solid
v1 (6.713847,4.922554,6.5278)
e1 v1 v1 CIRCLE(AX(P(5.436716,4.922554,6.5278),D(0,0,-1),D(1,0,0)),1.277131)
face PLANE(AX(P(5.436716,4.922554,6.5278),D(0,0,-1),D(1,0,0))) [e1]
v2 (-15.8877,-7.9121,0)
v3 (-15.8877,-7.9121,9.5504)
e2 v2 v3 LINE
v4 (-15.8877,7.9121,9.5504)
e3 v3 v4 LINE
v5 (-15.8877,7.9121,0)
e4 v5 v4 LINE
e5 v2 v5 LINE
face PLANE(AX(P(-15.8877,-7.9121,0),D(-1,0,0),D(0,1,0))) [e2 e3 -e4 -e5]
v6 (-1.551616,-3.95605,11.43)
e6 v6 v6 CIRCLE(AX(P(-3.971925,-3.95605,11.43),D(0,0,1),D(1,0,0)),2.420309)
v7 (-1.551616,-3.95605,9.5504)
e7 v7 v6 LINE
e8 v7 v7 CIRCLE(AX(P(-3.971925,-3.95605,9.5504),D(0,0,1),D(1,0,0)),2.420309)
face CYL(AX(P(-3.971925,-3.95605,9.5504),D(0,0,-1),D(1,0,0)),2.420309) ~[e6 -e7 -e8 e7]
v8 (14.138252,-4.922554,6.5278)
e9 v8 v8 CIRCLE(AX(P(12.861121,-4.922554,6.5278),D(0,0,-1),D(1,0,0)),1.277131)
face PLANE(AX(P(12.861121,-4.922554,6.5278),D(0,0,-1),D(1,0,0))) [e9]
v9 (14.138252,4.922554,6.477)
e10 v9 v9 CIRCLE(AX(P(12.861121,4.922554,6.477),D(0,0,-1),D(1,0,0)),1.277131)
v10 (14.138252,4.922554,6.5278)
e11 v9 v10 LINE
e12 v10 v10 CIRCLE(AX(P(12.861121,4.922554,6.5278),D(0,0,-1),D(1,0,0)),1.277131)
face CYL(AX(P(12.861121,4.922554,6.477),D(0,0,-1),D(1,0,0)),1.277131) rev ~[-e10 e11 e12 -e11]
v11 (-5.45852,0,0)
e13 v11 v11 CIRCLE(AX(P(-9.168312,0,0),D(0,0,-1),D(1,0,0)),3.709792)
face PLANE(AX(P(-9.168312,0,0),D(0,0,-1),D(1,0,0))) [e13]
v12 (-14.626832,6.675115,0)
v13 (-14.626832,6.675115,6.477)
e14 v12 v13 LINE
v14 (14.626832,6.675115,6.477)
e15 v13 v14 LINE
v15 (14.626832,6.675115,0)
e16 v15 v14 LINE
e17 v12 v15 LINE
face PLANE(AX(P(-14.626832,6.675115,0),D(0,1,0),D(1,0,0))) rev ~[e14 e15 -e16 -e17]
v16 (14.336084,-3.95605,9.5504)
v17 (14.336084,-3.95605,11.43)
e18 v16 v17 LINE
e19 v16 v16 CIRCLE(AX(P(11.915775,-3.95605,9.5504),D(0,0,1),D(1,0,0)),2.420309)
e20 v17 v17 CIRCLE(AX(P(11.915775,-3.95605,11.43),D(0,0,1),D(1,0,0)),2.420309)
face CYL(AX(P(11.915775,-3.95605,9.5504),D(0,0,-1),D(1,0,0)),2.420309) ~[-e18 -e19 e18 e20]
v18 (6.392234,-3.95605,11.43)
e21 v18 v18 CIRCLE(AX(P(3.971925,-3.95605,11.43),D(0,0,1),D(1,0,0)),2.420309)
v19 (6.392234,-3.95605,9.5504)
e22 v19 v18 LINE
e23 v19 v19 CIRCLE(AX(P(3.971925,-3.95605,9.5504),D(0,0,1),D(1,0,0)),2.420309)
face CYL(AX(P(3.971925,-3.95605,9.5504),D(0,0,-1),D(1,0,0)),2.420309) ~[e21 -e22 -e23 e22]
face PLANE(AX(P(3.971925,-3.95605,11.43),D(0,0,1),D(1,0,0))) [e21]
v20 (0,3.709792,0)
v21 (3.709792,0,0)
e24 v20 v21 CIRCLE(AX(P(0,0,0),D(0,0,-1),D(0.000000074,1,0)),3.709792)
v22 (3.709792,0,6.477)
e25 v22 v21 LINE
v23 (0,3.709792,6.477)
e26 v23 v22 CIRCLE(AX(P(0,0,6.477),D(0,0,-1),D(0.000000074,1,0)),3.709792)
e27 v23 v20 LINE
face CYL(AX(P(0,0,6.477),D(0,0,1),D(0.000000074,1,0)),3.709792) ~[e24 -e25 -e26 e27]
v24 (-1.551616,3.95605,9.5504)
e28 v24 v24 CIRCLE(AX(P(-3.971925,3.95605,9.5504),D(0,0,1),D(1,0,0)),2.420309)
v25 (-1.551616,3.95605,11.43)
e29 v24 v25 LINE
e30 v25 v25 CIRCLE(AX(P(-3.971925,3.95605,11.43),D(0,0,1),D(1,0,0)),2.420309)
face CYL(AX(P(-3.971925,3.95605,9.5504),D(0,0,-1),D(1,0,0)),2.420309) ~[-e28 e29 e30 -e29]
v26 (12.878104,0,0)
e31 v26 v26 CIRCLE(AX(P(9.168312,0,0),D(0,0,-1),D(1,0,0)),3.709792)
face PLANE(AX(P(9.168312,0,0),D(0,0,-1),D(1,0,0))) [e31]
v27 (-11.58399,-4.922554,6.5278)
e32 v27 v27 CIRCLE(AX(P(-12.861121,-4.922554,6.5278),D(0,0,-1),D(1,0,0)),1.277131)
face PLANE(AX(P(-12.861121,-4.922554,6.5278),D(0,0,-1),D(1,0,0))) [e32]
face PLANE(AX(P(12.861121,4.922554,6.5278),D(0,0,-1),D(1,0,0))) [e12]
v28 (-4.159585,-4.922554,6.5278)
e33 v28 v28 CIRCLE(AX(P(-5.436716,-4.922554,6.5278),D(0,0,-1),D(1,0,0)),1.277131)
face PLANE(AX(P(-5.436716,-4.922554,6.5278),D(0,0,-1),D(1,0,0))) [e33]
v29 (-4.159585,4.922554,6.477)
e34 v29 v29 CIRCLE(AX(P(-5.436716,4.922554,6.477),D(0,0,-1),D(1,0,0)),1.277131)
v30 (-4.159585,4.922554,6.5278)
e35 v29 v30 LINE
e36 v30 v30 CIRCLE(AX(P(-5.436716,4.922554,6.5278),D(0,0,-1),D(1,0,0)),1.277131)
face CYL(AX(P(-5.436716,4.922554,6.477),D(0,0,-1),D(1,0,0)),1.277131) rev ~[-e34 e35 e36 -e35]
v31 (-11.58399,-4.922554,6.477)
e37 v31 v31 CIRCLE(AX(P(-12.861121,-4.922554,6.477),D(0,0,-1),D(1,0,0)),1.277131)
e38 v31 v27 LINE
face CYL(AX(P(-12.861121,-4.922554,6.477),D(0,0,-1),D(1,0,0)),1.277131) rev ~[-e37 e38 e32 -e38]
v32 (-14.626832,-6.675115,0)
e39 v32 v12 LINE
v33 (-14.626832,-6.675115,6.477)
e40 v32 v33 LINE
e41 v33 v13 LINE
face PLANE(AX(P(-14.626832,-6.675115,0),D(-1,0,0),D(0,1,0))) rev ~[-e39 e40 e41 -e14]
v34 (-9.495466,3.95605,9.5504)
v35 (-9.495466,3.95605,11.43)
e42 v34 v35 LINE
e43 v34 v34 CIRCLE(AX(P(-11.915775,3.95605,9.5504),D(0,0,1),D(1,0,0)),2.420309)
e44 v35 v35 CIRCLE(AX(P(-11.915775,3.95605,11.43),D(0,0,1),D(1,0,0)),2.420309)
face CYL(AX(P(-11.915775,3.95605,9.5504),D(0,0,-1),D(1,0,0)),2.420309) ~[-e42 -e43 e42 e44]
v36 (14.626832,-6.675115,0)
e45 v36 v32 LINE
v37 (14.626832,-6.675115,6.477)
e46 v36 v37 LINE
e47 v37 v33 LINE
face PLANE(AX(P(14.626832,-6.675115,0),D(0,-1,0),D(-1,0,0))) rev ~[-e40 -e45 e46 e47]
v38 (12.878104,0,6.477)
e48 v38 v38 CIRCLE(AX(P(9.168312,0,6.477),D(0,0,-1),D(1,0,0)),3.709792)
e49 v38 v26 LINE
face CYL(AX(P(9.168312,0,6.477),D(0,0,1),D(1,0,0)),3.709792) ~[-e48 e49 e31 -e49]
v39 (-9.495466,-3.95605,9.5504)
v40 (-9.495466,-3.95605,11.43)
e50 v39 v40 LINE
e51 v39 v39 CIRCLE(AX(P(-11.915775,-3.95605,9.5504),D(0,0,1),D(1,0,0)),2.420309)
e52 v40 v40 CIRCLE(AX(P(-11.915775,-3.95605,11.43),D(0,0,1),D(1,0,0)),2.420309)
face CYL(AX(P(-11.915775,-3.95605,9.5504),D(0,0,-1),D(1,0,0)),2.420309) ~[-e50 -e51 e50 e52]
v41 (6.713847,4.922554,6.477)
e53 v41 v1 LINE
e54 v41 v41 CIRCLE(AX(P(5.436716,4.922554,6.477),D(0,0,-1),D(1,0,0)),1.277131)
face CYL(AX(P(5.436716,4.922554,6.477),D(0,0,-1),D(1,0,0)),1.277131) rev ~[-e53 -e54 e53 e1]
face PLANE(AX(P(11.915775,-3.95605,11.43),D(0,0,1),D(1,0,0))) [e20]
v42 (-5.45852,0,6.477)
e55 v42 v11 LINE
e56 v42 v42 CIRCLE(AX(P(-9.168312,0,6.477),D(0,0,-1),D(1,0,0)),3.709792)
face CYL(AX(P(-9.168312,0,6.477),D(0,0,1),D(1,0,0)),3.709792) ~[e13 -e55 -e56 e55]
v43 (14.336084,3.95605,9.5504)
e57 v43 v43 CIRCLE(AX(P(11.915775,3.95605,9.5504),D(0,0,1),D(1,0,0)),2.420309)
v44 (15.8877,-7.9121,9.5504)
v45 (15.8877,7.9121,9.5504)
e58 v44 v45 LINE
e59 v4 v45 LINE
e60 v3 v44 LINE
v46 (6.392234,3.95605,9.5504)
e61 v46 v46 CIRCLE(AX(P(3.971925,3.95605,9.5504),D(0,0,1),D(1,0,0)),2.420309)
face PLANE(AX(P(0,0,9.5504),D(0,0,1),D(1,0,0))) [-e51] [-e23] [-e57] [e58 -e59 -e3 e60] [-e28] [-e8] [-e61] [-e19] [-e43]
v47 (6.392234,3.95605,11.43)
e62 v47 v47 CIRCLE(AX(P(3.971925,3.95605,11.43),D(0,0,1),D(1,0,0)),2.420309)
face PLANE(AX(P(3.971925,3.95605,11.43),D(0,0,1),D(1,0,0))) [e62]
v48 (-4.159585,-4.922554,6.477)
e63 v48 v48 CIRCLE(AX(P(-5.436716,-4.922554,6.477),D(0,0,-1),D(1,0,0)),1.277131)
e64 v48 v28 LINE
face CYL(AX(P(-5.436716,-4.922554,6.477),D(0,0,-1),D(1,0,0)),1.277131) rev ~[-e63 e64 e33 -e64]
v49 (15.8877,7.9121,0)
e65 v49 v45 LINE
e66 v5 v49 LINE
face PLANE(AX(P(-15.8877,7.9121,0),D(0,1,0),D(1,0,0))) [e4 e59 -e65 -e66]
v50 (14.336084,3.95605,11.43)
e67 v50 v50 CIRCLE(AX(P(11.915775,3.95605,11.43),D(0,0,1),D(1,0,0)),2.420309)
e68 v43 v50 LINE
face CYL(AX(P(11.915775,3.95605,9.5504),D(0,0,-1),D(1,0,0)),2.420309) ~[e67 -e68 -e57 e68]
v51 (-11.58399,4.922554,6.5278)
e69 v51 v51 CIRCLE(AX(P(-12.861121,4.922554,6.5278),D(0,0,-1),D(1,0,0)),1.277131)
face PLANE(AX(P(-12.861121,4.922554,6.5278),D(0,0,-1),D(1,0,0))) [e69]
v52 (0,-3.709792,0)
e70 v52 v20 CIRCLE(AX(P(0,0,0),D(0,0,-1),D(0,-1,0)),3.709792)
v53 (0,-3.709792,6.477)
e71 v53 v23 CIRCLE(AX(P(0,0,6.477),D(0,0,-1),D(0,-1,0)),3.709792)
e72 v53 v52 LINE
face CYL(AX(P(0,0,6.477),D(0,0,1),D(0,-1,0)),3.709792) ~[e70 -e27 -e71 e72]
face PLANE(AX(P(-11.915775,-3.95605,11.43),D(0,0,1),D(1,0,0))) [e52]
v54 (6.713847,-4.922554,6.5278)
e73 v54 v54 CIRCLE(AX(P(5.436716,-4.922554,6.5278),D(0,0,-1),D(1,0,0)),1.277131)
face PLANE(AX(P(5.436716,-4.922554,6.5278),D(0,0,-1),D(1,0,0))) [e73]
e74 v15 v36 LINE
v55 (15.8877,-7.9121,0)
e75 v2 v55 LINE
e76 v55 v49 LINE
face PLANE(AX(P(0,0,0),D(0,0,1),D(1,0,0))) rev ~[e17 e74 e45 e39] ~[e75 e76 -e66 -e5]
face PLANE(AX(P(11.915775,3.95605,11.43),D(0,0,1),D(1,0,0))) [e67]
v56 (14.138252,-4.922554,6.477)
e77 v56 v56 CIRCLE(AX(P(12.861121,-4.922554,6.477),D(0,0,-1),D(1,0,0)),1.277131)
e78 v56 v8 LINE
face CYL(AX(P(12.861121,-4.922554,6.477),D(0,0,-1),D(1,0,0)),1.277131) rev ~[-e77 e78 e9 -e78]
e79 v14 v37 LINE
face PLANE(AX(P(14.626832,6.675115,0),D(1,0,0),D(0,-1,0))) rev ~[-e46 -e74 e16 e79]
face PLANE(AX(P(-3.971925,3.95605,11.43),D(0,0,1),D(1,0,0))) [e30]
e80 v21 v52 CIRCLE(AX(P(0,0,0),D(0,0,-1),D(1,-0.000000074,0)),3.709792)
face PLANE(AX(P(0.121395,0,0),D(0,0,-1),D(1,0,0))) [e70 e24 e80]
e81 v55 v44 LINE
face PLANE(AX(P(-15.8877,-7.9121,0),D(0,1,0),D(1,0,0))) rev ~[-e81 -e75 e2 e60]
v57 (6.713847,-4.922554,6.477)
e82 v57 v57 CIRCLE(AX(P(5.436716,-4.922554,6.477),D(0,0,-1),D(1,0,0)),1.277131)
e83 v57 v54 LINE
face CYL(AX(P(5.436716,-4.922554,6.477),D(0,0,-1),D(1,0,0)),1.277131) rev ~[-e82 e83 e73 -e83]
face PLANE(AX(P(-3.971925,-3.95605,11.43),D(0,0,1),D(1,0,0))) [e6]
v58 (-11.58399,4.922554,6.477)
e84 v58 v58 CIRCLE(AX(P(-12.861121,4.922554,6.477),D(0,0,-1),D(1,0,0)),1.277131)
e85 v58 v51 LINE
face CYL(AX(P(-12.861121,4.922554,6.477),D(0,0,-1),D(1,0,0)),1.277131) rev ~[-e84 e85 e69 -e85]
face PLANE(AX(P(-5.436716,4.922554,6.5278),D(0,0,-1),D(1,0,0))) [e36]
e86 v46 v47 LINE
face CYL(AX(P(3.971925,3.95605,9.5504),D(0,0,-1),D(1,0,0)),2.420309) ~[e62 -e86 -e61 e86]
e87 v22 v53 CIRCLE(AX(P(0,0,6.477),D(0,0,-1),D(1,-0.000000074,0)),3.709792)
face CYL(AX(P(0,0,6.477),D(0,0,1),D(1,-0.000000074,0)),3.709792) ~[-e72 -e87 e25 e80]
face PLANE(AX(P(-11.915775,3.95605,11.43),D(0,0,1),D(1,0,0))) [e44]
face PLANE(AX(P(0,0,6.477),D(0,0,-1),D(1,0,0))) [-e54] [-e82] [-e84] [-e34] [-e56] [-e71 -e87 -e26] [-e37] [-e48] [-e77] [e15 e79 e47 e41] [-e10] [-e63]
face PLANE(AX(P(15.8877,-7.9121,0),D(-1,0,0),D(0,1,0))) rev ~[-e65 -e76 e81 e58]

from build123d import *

# Parameters (mm, degrees)
F0_W     = 31.7754
F0_H     = 15.8242
F1_DEPTH = 9.5504
F2_R     = 2.420309
F3_DEPTH = 1.8796
F5_DEPTH = 6.477
F6_R     = 3.709792
F7_DEPTH = 6.477
F8_R     = 1.277131
F9_DEPTH = 0.0508


with BuildPart() as f1:
    # F0 (on Top) → F1 (new body)
    with BuildSketch(Plane.XY):
        Rectangle(F0_W, F0_H)
    extrude(amount=F1_DEPTH)

    # F2 (on face) → F3 (join)
    with BuildSketch(Plane.XY.offset(9.5504)):
        with Locations((-11.915775, 3.95605)):
            Circle(F2_R)
        with Locations((-3.971925, 3.95605)):
            Circle(F2_R)
        with Locations((3.971925, 3.95605)):
            Circle(F2_R)
        with Locations((11.915775, 3.95605)):
            Circle(F2_R)
        with Locations((11.915775, -3.95605)):
            Circle(F2_R)
        with Locations((3.971925, -3.95605)):
            Circle(F2_R)
        with Locations((-3.971925, -3.95605)):
            Circle(F2_R)
        with Locations((-11.915775, -3.95605)):
            Circle(F2_R)
    extrude(amount=F3_DEPTH)

    # F4 (on face) → F5 (cut)
    with BuildSketch(Plane(origin=(0, 0, 0), x_dir=(1, 0, 0), z_dir=(0, 0, -1))):
        Polygon((14.626832, 6.675115), (-12.304062, 6.675115), (-14.626832, 6.675115), (-14.626832, -6.675115), (14.626832, -6.675115), align=None)
    extrude(amount=-F5_DEPTH, mode=Mode.SUBTRACT)

    # F6 (on face) → F7 (join)
    with BuildSketch(Plane(origin=(0, 0, 6.477), x_dir=(1, 0, 0), z_dir=(0, 0, -1))):
        with Locations((-9.168312, 0)):
            Circle(F6_R)
        with BuildLine():
            ThreePointArc((0, -3.709792), (2.623219, -2.623219), (3.709792, 0))
            ThreePointArc((3.709792, 0), (2.623219, 2.623219), (0, 3.709792))
            ThreePointArc((0, 3.709792), (-3.709792, 0), (0, -3.709792))
        make_face()
        with Locations((9.168312, 0)):
            Circle(F6_R)
    extrude(amount=F7_DEPTH)

    # F8 (on face) → F9 (cut)
    with BuildSketch(Plane(origin=(0, 0, 6.477), x_dir=(1, 0, 0), z_dir=(0, 0, -1))):
        with Locations((-12.861121, 4.922554)):
            Circle(F8_R)
        with Locations((-5.436716, 4.922554)):
            Circle(F8_R)
        with Locations((5.436716, 4.922554)):
            Circle(F8_R)
        with Locations((12.861121, 4.922554)):
            Circle(F8_R)
        with Locations((12.861121, -4.922554)):
            Circle(F8_R)
        with Locations((5.436716, -4.922554)):
            Circle(F8_R)
        with Locations((-5.436716, -4.922554)):
            Circle(F8_R)
        with Locations((-12.861121, -4.922554)):
            Circle(F8_R)
    extrude(amount=-F9_DEPTH, mode=Mode.SUBTRACT)


solid = f1.part
